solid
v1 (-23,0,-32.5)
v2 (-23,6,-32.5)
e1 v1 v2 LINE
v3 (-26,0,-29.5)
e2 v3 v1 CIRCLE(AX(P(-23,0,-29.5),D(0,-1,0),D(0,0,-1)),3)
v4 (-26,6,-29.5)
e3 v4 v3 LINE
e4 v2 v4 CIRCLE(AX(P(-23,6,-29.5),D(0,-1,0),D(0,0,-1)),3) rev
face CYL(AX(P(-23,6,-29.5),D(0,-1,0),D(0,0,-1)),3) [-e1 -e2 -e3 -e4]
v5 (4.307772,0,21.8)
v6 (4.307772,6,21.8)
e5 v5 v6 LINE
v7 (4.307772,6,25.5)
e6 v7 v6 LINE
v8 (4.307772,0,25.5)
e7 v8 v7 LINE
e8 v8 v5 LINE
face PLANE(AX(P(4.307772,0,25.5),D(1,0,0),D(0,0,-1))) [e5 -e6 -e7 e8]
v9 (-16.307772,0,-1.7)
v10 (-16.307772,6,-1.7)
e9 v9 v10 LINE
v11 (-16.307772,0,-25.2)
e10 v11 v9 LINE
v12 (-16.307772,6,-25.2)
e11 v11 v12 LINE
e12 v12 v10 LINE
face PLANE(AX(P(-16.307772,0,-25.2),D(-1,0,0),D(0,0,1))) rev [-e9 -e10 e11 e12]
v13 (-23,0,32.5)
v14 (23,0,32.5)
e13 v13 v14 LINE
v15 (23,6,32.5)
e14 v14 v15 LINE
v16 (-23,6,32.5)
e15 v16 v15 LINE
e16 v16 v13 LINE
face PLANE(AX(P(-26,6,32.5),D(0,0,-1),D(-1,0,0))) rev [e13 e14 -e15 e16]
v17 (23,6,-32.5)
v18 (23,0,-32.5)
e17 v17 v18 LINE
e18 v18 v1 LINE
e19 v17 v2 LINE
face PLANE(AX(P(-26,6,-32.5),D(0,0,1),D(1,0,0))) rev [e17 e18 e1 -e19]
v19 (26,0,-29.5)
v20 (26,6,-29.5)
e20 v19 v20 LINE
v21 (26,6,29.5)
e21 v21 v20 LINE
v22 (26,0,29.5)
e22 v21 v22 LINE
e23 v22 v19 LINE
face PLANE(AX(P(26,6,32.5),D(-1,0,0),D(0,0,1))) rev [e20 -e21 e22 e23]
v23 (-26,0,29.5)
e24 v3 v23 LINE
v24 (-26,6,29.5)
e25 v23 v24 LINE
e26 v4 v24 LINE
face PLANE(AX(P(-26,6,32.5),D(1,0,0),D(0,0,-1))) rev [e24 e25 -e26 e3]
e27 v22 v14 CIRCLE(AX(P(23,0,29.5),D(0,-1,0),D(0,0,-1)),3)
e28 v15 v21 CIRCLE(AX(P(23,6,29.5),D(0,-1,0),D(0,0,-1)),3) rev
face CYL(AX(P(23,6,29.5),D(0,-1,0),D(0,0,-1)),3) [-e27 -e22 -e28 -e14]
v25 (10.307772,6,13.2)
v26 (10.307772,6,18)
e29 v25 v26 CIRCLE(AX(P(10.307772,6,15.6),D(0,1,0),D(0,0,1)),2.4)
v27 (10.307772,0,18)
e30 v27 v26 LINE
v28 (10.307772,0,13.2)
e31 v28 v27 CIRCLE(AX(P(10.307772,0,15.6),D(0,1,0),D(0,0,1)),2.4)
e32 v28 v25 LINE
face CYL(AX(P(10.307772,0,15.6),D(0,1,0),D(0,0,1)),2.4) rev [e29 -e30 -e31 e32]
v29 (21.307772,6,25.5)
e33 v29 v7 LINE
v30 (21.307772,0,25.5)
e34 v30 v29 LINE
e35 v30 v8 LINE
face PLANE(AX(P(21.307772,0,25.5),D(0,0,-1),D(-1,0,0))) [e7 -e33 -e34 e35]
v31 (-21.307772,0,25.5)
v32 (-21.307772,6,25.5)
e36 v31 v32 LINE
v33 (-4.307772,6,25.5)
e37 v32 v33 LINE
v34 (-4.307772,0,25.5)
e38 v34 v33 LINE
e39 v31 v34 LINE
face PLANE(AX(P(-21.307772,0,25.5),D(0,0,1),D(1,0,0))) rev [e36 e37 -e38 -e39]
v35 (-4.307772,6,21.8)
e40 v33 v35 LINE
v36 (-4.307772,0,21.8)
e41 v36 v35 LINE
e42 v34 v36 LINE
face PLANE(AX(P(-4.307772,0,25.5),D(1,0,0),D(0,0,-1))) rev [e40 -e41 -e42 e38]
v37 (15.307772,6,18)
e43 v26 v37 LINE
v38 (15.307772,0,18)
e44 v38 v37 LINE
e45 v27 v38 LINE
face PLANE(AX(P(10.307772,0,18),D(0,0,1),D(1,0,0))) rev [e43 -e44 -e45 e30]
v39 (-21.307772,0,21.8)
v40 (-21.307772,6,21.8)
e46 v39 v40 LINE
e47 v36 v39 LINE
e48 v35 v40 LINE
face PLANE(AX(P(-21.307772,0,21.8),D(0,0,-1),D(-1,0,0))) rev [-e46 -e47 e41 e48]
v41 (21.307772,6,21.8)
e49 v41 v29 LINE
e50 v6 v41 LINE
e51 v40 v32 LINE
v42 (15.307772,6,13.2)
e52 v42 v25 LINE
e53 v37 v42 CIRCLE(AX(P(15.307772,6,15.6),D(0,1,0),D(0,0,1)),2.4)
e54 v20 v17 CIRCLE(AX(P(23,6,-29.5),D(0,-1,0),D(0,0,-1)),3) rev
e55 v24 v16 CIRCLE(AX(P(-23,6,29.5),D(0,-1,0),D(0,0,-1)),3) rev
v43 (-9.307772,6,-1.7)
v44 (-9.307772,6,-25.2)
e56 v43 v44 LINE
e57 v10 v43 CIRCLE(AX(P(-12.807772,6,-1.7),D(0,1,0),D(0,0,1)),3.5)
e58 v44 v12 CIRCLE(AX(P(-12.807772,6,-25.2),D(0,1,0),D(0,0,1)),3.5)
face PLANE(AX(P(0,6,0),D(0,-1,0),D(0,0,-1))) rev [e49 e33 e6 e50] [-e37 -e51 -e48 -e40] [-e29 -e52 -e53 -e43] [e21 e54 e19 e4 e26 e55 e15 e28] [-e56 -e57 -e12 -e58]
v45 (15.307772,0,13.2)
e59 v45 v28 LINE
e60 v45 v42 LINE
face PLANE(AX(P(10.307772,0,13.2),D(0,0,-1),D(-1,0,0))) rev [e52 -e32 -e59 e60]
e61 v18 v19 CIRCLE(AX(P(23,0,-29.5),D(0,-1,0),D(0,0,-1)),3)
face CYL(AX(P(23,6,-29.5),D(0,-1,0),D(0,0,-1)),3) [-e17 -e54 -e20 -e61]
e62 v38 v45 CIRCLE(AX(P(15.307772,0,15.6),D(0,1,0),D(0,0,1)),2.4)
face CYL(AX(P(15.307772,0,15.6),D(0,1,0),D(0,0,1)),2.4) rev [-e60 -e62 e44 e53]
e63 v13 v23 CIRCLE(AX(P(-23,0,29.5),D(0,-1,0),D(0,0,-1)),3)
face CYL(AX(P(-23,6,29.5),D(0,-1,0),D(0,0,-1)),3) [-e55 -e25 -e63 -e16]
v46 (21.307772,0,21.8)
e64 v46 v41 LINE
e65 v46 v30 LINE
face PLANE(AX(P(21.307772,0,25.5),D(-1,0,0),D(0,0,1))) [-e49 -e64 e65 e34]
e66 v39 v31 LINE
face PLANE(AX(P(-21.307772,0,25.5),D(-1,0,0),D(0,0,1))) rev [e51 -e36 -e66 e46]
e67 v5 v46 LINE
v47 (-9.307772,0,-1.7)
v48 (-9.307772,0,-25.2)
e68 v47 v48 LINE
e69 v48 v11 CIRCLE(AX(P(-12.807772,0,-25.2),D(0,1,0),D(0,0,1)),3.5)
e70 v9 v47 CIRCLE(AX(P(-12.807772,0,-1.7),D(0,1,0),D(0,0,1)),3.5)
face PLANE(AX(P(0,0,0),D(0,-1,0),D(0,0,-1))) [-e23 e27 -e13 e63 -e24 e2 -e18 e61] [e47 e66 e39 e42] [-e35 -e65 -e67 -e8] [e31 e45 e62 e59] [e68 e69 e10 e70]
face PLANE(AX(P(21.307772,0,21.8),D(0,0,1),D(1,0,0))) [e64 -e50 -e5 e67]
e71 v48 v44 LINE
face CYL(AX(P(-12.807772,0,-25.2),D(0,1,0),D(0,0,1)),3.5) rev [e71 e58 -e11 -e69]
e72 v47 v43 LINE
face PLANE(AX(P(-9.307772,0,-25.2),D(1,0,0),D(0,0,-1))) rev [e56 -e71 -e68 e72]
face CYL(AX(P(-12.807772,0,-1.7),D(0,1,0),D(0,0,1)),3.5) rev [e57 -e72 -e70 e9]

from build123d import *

# Parameters (mm, degrees)
SKETCH1_W           = 52
SKETCH1_H           = 65
BOSS_EXTRUDE1_DEPTH = 6
FILLET1_R           = 3
SKETCH4_W           = 17
SKETCH4_H           = 3.7
CUT_EXTRUDE1_DEPTH  = 7
CUT_EXTRUDE2_DEPTH  = 7
CUT_EXTRUDE3_DEPTH  = 7


with BuildPart() as part:
    # Sketch1 → Boss-Extrude1 (new body)
    with BuildSketch(Plane(origin=(0, 0, 0), x_dir=(1, 0, 0), z_dir=(0, 1, 0))):
        Rectangle(SKETCH1_W, SKETCH1_H)
    extrude(amount=BOSS_EXTRUDE1_DEPTH)

    # Fillet1
    fillet1_edges = [part.edges().sort_by_distance(p)[0] for p in [
        (26, 3, 32.5),
        (-26, 3, 32.5),
        (-26, 3, -32.5),
        (26, 3, -32.5),
    ]]
    fillet(fillet1_edges, radius=FILLET1_R)

    # Sketch4 → Cut-Extrude1 (cut, through all)
    with BuildSketch(Plane(origin=(0, 6, 0), x_dir=(1, 0, 0), z_dir=(0, 1, 0))):
        with Locations((-12.807771524, -23.65)):
            Rectangle(SKETCH4_W, SKETCH4_H)
    cut_extrude1 = extrude(amount=-CUT_EXTRUDE1_DEPTH, mode=Mode.SUBTRACT)

    # Mirror2: Cut-Extrude1 across plane
    add(cut_extrude1.mirror(Plane(origin=(0, 0, 0), x_dir=(0, 0, 1), z_dir=(1, 0, 0))), mode=Mode.SUBTRACT)

    # Sketch5 → Cut-Extrude2 (cut, through all)
    with BuildSketch(Plane(origin=(0, 6, 0), x_dir=(1, 0, 0), z_dir=(0, 1, 0))):
        with BuildLine():
            Line((10.307771524, -13.2), (15.307771524, -13.2))
            ThreePointArc((15.307771524, -13.2), (17.707771524, -15.6), (15.307771524, -18))
            Line((15.307771524, -18), (10.307771524, -18))
            ThreePointArc((10.307771524, -18), (7.907771524, -15.6), (10.307771524, -13.2))
        make_face()
    extrude(amount=-CUT_EXTRUDE2_DEPTH, mode=Mode.SUBTRACT)

    # Sketch6 → Cut-Extrude3 (cut, through all)
    with BuildSketch(Plane(origin=(0, 6, 0), x_dir=(1, 0, 0), z_dir=(0, 1, 0))):
        with BuildLine():
            Line((-9.307771524, 25.2), (-9.307771524, 1.7))
            ThreePointArc((-9.307771524, 1.7), (-12.807771524, -1.8), (-16.307771524, 1.7))
            Line((-16.307771524, 1.7), (-16.307771524, 25.2))
            ThreePointArc((-16.307771524, 25.2), (-12.807771524, 28.7), (-9.307771524, 25.2))
        make_face()
    extrude(amount=-CUT_EXTRUDE3_DEPTH, mode=Mode.SUBTRACT)


solid = part.part
